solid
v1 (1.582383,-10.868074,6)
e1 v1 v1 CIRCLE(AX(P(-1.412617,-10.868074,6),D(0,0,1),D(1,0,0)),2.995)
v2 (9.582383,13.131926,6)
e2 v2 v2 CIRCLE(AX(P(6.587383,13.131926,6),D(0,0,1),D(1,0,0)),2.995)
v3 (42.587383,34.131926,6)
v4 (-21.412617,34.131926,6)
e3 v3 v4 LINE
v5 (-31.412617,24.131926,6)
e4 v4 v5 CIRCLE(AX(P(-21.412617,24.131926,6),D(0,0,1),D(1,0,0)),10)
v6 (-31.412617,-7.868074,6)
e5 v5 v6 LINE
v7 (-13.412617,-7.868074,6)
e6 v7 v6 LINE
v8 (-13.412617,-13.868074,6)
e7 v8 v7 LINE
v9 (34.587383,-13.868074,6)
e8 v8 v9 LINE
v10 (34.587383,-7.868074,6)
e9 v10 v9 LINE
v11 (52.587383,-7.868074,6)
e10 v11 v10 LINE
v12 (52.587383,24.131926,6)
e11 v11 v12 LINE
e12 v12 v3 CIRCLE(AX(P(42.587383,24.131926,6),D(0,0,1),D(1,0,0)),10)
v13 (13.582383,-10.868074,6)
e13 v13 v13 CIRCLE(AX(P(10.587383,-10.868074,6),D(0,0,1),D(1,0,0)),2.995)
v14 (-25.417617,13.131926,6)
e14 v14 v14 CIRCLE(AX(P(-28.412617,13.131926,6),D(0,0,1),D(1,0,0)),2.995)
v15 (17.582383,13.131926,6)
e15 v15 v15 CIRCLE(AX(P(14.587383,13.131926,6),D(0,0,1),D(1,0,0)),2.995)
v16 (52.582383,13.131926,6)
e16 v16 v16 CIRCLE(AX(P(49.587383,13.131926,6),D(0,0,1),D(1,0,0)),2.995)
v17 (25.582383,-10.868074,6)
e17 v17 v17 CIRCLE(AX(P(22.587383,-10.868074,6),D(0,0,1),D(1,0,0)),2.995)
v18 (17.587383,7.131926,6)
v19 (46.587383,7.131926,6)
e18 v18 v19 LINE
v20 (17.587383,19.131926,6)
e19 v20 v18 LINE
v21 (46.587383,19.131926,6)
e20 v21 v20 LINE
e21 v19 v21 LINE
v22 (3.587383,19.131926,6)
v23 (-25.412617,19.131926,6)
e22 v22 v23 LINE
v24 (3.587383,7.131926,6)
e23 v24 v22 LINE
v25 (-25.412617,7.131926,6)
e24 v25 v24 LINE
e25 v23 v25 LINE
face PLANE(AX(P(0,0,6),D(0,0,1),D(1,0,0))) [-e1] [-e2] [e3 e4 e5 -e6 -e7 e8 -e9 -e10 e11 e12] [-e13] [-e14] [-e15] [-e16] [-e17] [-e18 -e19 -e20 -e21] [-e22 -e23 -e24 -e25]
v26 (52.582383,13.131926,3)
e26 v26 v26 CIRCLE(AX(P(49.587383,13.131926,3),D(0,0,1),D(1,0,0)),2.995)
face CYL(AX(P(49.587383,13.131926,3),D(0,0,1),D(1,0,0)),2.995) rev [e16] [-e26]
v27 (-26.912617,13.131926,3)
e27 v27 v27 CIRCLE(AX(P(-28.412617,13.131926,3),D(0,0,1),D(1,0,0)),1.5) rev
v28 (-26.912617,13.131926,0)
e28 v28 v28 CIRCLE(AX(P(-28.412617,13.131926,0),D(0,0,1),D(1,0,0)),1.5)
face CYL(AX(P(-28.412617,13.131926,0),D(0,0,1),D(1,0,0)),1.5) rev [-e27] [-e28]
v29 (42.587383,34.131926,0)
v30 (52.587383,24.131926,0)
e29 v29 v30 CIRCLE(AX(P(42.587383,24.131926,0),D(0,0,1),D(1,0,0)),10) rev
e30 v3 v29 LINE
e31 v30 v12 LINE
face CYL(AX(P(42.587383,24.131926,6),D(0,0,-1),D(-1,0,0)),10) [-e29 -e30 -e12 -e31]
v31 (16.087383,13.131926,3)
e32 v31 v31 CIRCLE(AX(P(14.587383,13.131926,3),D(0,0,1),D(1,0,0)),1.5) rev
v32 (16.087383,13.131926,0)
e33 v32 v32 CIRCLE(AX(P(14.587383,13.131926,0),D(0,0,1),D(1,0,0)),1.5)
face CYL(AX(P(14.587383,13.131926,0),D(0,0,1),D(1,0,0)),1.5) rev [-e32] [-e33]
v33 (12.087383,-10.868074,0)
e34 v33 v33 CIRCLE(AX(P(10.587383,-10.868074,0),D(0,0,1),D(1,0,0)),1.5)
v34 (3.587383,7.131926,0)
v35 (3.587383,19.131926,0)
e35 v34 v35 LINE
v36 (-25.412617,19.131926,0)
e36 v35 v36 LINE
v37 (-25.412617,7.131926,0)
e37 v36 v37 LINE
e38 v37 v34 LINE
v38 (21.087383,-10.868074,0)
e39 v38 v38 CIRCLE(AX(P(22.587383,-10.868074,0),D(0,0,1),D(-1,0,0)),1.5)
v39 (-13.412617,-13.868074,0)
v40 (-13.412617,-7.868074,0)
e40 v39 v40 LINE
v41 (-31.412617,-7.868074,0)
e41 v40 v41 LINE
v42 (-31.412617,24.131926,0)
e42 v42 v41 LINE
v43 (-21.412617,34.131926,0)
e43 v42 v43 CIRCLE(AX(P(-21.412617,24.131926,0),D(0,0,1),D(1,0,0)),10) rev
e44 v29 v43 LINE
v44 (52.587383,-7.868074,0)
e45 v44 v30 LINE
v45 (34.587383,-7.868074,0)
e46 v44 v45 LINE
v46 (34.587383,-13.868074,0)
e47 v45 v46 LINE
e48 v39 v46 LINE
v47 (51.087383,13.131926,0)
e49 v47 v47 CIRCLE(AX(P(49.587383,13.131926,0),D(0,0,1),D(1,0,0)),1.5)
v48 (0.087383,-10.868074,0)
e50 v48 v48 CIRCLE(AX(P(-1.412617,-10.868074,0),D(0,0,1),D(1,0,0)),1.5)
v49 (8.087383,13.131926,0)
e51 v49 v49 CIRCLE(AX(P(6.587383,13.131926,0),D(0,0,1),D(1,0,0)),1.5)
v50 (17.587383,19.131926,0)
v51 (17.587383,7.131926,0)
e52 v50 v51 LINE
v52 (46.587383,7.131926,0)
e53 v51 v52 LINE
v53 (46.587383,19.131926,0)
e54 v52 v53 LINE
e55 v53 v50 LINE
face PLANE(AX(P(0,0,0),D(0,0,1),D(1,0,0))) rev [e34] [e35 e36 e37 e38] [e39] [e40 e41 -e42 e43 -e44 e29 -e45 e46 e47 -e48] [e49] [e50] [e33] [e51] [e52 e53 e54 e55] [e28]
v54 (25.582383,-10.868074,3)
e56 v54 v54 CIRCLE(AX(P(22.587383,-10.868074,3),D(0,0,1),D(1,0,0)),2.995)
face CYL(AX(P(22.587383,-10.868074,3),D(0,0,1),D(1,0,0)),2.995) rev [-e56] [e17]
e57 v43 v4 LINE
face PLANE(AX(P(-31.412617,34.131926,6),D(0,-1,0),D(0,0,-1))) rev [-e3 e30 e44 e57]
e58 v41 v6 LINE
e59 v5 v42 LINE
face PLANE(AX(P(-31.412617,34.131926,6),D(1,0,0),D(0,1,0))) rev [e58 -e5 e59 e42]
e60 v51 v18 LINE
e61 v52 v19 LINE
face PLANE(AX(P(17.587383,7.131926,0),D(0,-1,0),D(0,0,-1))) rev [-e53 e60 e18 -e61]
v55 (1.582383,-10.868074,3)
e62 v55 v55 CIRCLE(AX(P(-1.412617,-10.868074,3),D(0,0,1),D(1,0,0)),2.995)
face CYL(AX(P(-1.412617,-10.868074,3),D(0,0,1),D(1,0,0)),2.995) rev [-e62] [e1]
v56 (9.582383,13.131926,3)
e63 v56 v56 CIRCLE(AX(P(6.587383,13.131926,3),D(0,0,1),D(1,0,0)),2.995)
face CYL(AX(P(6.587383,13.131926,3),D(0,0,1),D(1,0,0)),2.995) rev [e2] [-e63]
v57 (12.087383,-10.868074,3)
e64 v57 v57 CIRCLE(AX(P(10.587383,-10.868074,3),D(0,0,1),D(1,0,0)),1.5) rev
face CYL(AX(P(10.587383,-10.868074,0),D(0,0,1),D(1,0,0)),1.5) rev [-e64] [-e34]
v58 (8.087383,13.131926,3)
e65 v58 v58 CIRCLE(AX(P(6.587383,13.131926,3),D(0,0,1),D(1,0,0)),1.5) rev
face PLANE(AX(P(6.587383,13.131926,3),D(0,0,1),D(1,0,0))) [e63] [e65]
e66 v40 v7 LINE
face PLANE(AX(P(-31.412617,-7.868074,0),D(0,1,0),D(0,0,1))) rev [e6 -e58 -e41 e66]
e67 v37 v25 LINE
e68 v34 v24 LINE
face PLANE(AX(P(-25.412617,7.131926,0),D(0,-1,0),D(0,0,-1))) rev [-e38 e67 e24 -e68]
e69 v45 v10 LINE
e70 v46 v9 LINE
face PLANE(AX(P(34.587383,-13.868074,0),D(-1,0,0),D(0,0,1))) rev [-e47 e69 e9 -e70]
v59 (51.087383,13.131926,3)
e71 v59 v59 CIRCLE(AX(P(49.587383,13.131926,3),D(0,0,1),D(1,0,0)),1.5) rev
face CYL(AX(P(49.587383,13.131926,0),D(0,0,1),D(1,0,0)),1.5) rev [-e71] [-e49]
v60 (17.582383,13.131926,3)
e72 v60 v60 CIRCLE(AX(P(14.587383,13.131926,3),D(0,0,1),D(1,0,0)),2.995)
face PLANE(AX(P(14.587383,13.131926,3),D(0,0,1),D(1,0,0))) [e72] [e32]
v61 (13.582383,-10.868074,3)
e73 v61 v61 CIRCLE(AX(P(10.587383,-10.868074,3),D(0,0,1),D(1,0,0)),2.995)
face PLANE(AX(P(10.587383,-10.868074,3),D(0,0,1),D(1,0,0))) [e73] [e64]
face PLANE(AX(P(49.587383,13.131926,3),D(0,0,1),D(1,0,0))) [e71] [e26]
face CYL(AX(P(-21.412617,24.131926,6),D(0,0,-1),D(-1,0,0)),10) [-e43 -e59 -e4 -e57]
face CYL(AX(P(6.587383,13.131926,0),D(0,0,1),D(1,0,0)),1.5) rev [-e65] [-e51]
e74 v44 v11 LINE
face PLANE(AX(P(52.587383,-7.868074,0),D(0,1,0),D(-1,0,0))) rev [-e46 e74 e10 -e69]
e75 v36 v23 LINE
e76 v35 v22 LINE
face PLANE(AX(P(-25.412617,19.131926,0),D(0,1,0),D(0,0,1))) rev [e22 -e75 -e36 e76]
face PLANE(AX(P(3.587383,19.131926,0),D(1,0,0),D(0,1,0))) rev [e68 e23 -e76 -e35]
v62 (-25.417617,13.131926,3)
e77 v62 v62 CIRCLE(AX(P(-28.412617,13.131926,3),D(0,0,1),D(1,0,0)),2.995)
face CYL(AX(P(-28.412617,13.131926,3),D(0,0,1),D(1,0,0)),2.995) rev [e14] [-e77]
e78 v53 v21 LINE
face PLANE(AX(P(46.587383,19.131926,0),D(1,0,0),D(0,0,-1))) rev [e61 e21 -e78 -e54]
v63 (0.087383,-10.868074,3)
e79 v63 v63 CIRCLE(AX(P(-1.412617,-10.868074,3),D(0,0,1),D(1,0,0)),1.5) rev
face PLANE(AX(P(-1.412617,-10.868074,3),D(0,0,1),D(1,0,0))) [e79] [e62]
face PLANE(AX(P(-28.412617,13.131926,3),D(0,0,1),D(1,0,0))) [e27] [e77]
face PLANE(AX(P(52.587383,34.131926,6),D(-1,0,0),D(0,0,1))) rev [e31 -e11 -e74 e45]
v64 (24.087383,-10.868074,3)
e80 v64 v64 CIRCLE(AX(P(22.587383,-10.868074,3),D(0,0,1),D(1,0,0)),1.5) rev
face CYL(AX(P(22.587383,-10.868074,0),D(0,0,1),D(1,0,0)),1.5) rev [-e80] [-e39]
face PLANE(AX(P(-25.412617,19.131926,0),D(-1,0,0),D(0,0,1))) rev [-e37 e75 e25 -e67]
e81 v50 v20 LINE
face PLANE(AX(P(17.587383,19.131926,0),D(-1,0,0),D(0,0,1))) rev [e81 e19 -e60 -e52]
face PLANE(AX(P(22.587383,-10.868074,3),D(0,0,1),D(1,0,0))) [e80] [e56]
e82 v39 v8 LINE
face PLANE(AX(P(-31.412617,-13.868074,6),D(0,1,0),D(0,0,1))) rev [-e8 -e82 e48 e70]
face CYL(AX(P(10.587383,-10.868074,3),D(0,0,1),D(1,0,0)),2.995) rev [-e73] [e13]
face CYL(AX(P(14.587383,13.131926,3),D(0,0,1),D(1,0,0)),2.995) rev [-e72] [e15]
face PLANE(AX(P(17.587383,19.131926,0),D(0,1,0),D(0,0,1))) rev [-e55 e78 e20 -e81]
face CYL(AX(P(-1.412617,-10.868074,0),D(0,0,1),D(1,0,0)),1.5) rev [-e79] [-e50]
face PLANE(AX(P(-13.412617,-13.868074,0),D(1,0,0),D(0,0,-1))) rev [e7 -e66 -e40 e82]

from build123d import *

# Parameters (mm, degrees)
ESQUISSE2_W             = 84
ESQUISSE2_H             = 48
BOSS_EXTRU_1_DEPTH      = 6
ESQUISSE3_R             = 1.5
ESQUISSE3_W             = 18
ESQUISSE3_H             = 6
ESQUISSE3_W_2           = 29
ESQUISSE3_H_2           = 12
ENL_V_MAT_EXTRU_1_DEPTH = 6
ESQUISSE4_R             = 2.995
ENL_V_MAT_EXTRU_2_DEPTH = 3
CONG_1_R                = 10


with BuildPart() as part:
    # Esquisse2 → Boss.-Extru.1 (new body)
    with BuildSketch(Plane.XY):
        with Locations((10.587382635, 10.131926121)):
            Rectangle(ESQUISSE2_W, ESQUISSE2_H)
    extrude(amount=BOSS_EXTRU_1_DEPTH)

    # Esquisse3 → Enlèv. mat.-Extru.1 (cut)
    with BuildSketch(Plane.XY.offset(6)):
        with Locations((-28.412617365, 13.131926121)):
            Circle(ESQUISSE3_R)
        with Locations((49.587382635, 13.131926121)):
            Circle(ESQUISSE3_R)
        with Locations((6.587382635, 13.131926121)):
            Circle(ESQUISSE3_R)
        with Locations((14.587382635, 13.131926121)):
            Circle(ESQUISSE3_R)
        with Locations((-1.412617365, -10.868073879)):
            Circle(ESQUISSE3_R)
        with Locations(Location((22.587382635, -10.868073879, 0), (0, 0, 180))):
            Circle(ESQUISSE3_R)
        with Locations((10.587382635, -10.868073879)):
            Circle(ESQUISSE3_R)
        with Locations((-22.412617365, -10.868073879)):
            Rectangle(ESQUISSE3_W, ESQUISSE3_H)
        with Locations((43.587382635, -10.868073879)):
            Rectangle(ESQUISSE3_W, ESQUISSE3_H)
        with Locations((-10.912617365, 13.131926121)):
            Rectangle(ESQUISSE3_W_2, ESQUISSE3_H_2)
        with Locations((32.087382635, 13.131926121)):
            Rectangle(ESQUISSE3_W_2, ESQUISSE3_H_2)
    extrude(amount=-ENL_V_MAT_EXTRU_1_DEPTH, mode=Mode.SUBTRACT)

    # Esquisse4 → Enlèv. mat.-Extru.2 (cut)
    with BuildSketch(Plane.XY.offset(6)):
        with Locations((-1.412617365, -10.868073879)):
            Circle(ESQUISSE4_R)
        with Locations((22.587382635, -10.868073879)):
            Circle(ESQUISSE4_R)
        with Locations((10.587382635, -10.868073879)):
            Circle(ESQUISSE4_R)
        with Locations((-28.412617365, 13.131926121)):
            Circle(ESQUISSE4_R)
        with Locations((6.587382635, 13.131926121)):
            Circle(ESQUISSE4_R)
        with Locations((14.587382635, 13.131926121)):
            Circle(ESQUISSE4_R)
        with Locations((49.587382635, 13.131926121)):
            Circle(ESQUISSE4_R)
    extrude(amount=-ENL_V_MAT_EXTRU_2_DEPTH, mode=Mode.SUBTRACT)

    # Congé1
    cong_1_edges = [part.edges().sort_by_distance(p)[0] for p in [
        (-31.412617365, 34.131926121, 3),
        (52.587382635, 34.131926121, 3),
    ]]
    fillet(cong_1_edges, radius=CONG_1_R)


solid = part.part
